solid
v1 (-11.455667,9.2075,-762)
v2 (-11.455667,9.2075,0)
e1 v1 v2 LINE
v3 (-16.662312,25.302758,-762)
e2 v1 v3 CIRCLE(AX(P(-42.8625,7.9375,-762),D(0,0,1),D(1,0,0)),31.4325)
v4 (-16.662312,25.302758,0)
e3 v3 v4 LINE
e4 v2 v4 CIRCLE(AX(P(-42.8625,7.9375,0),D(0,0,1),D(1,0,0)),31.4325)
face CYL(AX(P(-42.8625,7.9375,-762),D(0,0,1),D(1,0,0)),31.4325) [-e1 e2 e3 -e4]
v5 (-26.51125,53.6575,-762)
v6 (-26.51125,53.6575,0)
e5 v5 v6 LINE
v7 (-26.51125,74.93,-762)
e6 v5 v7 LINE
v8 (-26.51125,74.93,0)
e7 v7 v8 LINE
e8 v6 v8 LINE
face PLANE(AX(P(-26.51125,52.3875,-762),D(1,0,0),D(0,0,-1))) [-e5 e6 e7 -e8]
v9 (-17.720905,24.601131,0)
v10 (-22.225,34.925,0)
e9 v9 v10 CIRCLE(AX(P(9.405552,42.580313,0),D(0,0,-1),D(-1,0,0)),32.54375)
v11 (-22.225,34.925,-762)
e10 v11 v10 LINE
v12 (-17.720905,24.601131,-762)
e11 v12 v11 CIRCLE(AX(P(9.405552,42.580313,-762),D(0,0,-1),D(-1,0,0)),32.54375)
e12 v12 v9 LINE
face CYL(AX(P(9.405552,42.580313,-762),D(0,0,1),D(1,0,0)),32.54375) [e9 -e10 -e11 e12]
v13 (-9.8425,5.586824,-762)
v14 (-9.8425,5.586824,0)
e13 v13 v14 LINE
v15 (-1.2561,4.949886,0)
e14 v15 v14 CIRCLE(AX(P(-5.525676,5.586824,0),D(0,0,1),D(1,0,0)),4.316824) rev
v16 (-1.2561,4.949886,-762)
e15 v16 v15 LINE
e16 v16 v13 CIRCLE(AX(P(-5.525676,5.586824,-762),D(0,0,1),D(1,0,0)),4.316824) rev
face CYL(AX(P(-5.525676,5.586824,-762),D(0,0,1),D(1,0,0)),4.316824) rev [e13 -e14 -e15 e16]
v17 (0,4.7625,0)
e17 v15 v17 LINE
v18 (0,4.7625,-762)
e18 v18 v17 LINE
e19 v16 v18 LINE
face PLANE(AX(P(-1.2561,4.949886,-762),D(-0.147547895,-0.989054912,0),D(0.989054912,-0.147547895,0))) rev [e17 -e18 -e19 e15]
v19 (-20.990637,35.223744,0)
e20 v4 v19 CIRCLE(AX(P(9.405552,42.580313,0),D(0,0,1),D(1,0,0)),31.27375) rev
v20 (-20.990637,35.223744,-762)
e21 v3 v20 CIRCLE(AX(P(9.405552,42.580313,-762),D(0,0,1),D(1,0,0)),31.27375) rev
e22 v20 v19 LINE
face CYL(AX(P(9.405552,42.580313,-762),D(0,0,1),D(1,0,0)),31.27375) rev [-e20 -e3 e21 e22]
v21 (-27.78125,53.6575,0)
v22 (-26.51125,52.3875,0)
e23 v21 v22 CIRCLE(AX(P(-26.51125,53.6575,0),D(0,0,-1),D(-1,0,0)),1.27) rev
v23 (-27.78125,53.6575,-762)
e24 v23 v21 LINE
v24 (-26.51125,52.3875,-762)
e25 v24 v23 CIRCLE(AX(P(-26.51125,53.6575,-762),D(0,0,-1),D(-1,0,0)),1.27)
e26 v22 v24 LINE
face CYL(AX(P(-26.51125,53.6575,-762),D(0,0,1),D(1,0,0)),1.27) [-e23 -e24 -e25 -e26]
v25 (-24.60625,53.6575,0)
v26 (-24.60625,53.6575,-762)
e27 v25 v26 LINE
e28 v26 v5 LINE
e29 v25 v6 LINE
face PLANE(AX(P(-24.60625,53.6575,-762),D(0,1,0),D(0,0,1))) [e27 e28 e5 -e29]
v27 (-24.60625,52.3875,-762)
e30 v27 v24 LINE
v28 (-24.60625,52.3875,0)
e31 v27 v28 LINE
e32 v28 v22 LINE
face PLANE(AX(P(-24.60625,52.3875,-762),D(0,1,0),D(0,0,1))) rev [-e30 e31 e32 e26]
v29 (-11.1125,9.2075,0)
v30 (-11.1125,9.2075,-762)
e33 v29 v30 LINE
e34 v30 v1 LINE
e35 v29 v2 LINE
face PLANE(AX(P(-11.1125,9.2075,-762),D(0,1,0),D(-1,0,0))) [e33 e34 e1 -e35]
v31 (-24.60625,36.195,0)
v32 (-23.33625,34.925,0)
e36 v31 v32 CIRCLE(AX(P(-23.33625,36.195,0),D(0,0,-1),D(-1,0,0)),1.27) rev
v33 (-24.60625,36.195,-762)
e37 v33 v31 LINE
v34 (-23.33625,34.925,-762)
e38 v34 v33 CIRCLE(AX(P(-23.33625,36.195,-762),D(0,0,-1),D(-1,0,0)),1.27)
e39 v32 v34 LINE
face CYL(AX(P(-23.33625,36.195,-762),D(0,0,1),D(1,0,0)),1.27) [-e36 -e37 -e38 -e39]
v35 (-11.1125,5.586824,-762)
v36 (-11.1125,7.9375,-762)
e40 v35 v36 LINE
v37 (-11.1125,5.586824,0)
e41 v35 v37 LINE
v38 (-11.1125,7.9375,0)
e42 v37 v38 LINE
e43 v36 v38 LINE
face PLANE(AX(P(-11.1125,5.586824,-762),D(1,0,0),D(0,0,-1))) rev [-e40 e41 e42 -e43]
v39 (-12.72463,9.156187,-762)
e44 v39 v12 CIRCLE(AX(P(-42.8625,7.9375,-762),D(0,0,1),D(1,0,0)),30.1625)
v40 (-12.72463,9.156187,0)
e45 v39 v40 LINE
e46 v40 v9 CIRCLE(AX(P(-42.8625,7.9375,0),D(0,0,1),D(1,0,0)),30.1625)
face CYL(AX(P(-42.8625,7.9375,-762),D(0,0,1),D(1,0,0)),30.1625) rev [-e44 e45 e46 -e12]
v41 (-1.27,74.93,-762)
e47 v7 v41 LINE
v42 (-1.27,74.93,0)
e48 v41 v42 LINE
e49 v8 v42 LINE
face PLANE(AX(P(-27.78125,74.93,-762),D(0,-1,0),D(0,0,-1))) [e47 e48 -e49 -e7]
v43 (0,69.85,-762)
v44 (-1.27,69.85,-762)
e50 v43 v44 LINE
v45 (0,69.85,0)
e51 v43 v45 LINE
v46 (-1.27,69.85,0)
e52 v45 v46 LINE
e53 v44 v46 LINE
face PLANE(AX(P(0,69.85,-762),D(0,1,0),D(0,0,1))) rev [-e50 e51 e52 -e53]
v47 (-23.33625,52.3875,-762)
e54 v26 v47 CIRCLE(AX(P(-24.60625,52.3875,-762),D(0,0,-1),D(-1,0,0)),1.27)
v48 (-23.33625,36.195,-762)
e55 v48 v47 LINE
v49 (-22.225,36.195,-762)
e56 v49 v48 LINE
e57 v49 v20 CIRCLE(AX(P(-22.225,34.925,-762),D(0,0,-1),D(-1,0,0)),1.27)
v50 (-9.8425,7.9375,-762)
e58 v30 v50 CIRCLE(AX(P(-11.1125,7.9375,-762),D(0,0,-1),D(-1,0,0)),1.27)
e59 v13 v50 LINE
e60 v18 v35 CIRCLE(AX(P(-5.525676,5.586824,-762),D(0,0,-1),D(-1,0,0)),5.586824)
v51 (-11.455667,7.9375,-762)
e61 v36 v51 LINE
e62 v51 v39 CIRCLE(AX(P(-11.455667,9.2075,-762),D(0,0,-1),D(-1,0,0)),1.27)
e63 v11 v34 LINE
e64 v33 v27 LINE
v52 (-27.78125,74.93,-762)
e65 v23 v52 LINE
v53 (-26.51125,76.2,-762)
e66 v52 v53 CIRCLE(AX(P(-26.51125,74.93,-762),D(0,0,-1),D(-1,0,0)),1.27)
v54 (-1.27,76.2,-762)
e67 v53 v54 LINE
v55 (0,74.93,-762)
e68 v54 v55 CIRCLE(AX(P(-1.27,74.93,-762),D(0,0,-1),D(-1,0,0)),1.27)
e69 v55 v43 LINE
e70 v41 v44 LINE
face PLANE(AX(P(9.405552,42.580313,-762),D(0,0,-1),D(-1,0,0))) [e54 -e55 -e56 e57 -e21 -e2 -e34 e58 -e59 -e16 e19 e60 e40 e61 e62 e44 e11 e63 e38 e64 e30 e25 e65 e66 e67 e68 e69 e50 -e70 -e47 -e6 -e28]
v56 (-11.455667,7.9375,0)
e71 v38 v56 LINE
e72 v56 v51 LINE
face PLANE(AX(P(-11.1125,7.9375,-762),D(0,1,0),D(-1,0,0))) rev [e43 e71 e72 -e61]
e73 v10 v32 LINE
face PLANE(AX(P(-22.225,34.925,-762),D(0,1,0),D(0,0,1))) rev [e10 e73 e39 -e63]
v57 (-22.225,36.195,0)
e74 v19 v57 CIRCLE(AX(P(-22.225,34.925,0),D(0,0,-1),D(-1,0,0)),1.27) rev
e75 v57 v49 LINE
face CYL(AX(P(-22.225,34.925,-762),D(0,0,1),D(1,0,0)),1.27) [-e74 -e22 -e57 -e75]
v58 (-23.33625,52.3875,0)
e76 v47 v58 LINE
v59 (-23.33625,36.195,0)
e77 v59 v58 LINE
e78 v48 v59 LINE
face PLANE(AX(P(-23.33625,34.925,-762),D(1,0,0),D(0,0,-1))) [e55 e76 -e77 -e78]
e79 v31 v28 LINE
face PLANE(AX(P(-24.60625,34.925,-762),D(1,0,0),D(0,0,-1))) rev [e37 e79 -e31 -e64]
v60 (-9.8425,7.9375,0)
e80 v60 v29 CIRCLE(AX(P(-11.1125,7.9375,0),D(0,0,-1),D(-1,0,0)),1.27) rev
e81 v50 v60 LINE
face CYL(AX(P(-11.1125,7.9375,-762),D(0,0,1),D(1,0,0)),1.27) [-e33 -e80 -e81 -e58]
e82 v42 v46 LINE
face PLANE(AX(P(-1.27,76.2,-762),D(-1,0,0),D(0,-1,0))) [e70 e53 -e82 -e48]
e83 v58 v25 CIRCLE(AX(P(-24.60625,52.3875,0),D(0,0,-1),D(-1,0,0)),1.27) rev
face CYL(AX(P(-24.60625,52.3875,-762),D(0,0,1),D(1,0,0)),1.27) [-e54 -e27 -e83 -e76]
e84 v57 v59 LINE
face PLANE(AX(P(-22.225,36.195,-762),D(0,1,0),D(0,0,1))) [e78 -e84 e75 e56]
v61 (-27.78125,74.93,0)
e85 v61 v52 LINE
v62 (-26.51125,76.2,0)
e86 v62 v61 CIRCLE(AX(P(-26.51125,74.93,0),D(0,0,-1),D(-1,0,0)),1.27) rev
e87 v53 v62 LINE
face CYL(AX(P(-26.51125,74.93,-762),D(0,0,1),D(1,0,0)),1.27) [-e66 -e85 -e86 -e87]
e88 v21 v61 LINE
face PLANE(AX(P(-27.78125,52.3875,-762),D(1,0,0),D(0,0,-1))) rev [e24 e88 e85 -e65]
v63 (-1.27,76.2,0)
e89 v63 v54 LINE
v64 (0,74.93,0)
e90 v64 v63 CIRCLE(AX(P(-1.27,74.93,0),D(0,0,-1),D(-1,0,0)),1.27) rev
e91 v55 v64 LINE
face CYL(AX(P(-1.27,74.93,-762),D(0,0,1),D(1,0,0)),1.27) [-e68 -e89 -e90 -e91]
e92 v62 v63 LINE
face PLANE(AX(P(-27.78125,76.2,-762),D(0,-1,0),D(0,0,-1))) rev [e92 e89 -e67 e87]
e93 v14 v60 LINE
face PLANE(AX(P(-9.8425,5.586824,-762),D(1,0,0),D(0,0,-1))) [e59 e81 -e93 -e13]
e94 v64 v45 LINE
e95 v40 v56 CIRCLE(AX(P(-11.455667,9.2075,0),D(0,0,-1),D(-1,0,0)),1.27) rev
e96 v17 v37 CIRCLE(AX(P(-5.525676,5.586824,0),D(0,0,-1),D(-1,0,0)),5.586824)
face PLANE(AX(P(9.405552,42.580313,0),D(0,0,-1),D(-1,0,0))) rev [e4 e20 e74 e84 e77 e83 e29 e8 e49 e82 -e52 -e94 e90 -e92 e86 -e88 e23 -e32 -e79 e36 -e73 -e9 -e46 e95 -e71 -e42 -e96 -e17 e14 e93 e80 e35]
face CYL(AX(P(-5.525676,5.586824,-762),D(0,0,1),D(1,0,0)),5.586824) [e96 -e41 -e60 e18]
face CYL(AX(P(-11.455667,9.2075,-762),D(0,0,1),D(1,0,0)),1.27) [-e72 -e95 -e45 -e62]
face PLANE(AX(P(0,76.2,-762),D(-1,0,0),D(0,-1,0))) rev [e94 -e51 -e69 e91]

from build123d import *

# Parameters (mm, degrees)
EXTRUDE_THIN1_DEPTH = 762
FILLET1_R           = 1.27


with BuildPart() as part:
    # Sketch1 → Extrude-Thin1 (new body)
    with BuildSketch(Plane.XY):
        with BuildLine():
            ThreePointArc((0, 4.7625), (-5.938970367, 0.015308043), (-11.1125, 5.586824141))
            Line((-11.1125, 5.586824141), (-11.1125, 7.9375))
            Line((-11.1125, 7.9375), (-12.7, 7.9375))
            ThreePointArc((-12.7, 7.9375), (-13.982491679, 16.639311629), (-17.720905139, 24.60113148))
            ThreePointArc((-17.720905139, 24.60113148), (-20.42299298, 29.566722219), (-22.225, 34.925))
            Line((-22.225, 34.925), (-24.60625, 34.925))
            Line((-24.60625, 34.925), (-24.60625, 52.3875))
            Line((-24.60625, 52.3875), (-27.78125, 52.3875))
            Line((-27.78125, 52.3875), (-27.78125, 76.2))
            Line((-27.78125, 76.2), (0, 76.2))
            Line((0, 76.2), (0, 69.85))
            Line((0, 69.85), (-1.27, 69.85))
            Line((-1.27, 69.85), (-1.27, 74.93))
            Line((-1.27, 74.93), (-26.51125, 74.93))
            Line((-26.51125, 74.93), (-26.51125, 53.6575))
            Line((-26.51125, 53.6575), (-23.33625, 53.6575))
            Line((-23.33625, 53.6575), (-23.33625, 36.195))
            Line((-23.33625, 36.195), (-21.209398438, 36.195))
            ThreePointArc((-21.209398438, 36.195), (-19.454378473, 30.532415703), (-16.662311672, 25.302758069))
            ThreePointArc((-16.662311672, 25.302758069), (-12.955869325, 17.611976621), (-11.455667045, 9.2075))
            Line((-11.455667045, 9.2075), (-9.8425, 9.2075))
            Line((-9.8425, 9.2075), (-9.8425, 5.586824141))
            ThreePointArc((-9.8425, 5.586824141), (-5.845020027, 1.28182821), (-1.256099738, 4.949885827))
            Line((-1.256099738, 4.949885827), (0, 4.7625))
        make_face()
    extrude(amount=-EXTRUDE_THIN1_DEPTH)

    # Fillet1
    fillet1_edges = [part.edges().sort_by_distance(p)[0] for p in [
        (-23.33625, 53.6575, -381),
        (-21.209398438, 36.195, -381),
        (-9.8425, 9.2075, -381),
        (-12.7, 7.9375, -381),
        (-24.60625, 34.925, -381),
        (-27.78125, 52.3875, -381),
        (-27.78125, 76.2, -381),
        (0, 76.2, -381),
    ]]
    fillet(fillet1_edges, radius=FILLET1_R)


solid = part.part
